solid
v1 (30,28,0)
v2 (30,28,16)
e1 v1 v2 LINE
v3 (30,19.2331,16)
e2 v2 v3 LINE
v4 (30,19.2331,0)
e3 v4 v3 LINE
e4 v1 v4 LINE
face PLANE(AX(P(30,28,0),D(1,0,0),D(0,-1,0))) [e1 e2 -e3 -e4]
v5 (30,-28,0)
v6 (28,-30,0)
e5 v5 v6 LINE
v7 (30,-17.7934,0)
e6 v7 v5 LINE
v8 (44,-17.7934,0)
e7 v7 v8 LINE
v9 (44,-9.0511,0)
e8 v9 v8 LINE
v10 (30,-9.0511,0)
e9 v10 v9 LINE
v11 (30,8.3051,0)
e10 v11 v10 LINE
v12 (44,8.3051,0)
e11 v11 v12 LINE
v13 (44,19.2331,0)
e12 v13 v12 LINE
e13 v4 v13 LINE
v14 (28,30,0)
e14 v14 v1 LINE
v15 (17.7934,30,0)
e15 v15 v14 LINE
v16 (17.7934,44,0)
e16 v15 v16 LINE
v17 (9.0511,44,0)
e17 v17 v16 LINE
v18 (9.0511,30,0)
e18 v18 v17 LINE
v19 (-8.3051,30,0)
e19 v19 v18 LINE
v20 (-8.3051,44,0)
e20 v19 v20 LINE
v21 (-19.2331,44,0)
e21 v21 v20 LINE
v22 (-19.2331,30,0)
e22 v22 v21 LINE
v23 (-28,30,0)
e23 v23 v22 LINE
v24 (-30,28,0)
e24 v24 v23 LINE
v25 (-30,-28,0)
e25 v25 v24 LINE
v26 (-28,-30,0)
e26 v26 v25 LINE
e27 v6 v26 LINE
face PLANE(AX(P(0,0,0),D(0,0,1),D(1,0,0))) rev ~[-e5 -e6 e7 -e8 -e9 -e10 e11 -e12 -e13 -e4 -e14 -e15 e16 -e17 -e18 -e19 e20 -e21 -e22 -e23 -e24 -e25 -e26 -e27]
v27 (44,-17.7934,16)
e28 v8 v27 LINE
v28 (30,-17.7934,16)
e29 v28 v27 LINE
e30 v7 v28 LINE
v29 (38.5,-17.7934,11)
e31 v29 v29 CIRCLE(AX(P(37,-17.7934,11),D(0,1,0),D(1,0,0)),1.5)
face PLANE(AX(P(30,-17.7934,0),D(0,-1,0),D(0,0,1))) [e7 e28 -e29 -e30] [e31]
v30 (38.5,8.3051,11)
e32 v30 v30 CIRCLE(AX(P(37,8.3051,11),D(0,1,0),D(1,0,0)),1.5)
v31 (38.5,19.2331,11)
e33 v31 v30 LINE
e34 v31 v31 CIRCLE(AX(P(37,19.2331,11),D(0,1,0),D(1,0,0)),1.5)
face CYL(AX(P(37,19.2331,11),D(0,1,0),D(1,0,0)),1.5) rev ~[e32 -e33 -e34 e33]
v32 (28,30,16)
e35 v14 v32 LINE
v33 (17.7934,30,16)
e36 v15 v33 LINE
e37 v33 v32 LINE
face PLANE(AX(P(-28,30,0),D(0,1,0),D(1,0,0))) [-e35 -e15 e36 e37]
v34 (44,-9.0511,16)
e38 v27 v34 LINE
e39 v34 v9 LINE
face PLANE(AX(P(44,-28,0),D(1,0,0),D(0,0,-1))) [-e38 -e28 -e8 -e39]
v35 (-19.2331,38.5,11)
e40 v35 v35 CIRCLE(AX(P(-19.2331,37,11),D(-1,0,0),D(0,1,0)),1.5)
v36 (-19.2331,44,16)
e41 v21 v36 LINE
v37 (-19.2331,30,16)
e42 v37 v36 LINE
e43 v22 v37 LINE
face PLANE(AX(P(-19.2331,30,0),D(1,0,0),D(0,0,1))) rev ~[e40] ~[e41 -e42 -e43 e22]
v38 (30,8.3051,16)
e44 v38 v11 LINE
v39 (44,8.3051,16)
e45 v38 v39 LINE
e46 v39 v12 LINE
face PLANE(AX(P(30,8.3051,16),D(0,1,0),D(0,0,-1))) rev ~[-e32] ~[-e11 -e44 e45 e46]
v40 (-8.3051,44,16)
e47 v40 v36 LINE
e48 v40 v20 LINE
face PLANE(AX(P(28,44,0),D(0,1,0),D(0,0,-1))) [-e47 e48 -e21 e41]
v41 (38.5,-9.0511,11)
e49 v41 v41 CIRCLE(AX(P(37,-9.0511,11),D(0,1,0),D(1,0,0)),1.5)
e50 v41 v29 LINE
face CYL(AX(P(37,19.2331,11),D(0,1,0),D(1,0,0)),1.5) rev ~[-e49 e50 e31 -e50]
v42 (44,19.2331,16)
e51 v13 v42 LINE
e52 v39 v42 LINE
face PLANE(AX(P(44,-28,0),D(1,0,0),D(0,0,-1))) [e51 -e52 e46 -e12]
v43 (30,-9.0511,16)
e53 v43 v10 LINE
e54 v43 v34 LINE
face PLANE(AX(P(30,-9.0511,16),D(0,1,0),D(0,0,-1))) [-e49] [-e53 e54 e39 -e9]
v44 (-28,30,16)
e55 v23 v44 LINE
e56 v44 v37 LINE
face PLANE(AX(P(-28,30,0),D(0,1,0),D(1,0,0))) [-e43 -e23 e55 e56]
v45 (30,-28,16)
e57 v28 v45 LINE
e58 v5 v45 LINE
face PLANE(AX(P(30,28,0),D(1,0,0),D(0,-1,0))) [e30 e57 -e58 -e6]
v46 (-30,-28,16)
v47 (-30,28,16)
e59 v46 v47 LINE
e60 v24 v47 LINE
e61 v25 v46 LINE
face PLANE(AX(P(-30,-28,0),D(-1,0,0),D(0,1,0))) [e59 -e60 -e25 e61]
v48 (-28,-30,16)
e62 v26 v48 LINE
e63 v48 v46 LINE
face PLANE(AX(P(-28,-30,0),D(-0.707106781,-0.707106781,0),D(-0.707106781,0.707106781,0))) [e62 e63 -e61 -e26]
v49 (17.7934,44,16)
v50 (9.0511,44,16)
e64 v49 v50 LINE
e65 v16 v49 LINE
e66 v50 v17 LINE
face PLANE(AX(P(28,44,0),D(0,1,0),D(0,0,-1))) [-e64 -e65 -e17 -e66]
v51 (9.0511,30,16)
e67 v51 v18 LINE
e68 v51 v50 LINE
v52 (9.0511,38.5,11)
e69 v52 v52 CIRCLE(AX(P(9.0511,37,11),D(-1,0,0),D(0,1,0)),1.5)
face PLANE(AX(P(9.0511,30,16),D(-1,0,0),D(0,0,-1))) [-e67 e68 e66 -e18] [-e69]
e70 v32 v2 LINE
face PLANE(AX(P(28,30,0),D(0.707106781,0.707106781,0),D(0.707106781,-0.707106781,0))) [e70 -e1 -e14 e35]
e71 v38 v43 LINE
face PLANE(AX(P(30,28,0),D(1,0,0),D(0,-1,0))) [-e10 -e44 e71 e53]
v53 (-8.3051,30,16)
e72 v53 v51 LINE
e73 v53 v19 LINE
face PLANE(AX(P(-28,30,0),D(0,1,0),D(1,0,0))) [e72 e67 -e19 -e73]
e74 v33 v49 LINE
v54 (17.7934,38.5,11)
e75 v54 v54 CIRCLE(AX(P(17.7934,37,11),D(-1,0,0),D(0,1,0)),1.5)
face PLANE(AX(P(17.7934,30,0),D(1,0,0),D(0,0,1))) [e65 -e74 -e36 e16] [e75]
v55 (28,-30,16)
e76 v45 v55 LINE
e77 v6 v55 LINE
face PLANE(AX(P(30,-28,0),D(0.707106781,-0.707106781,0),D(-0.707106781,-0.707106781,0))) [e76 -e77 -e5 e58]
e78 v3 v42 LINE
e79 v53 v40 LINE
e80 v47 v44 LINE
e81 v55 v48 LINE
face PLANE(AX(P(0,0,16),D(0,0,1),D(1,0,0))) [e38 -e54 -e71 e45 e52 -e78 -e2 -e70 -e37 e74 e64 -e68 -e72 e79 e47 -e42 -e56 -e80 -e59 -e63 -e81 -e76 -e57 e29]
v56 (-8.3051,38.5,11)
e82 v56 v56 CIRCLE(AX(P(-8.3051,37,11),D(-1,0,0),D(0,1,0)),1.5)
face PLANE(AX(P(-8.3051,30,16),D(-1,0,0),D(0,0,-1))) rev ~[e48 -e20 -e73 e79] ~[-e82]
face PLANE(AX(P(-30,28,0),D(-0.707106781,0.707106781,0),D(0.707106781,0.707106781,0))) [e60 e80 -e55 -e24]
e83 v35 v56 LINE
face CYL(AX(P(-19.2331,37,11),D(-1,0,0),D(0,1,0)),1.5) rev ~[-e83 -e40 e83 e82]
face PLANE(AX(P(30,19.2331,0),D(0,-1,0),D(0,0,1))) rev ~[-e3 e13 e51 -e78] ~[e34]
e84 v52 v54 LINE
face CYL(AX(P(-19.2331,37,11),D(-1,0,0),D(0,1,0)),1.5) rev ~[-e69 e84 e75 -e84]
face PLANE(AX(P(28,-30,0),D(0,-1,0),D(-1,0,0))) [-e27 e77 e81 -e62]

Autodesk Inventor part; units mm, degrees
ref_plane "YZ Plane" through (0, 0, 0) normal (1, 0, 0) x (0, 1, 0)
ref_plane "XZ Plane" through (0, 0, 0) normal (0, 1, 0) x (-1, 0, 0)
ref_plane "XY Plane" through (0, 0, 0) normal (0, 0, 1) x (1, 0, 0)
ref_plane "Work Plane1" through (0, 0, 0) normal (0, 0, 1) x (1, 0, 0)
sketch "Sketch1" plane through (0, 0, 0) normal (0, 0, 1) x (1, 0, 0)
  circle A0 centre (17.5, 17.5) radius 1.95 projected
  circle A1 centre (17.5, -17.5) radius 1.95 projected
  circle A2 centre (-17.5, -17.5) radius 1.95 projected
  circle A3 centre (-17.5, 17.5) radius 1.95 projected
  circle A4 centre (0, 0) radius 7.5 projected
  line L0 (-30, 28) -> (-28, 30) projected
  line L1 (-30, -28) -> (-30, 28) projected
  line L2 (-28, -30) -> (-30, -28) projected
  line L3 (28, -30) -> (-28, -30) projected
  line L4 (30, -28) -> (28, -30) projected
  line L5 (30, 28) -> (30, -28) projected
  line L6 (28, 30) -> (30, 28) projected
  line L7 (-28, 30) -> (28, 30) projected
  circle A5 centre (25, 25) radius 2.325 projected
  circle A6 centre (-25, -25) radius 2.325 projected
  circle A7 centre (25, -25) radius 2.325 projected
  circle A8 centre (-25, 25) radius 2.325 projected
  circle A9 centre (10, -25) radius 1.45 projected
  circle A10 centre (10, 25) radius 1.45 projected
  circle A11 centre (-10, 25) radius 1.45 projected
  circle A12 centre (-10, -25) radius 1.45 projected
  circle A13 centre (-25, -10) radius 1.45 projected
  circle A14 centre (25, -10) radius 1.45 projected
  circle A15 centre (25, 10) radius 1.45 projected
  circle A16 centre (-25, 10) radius 1.45 projected
  point P0 (0, 0)
extrude "Extrusion1" add sketch "Sketch1" along normal blind 16 contours A0 | A1 | A2 | A3 | A4 | L0 L7 L6 L5 L4 L3 L2 L1 | A5 | A6 | A7 | A8 | A9 | A10 | A11 | A12 | A13 | A14 | A15 | A16
sketch "Sketch2" plane through (0, 0, 16) normal (0, 0, 1) x (1, 0, 0)
  point P0 (0, 0)
sketch "Sketch3" plane through (30, -28, 0) normal (1, 0, 0) x (0, 0, -1)
  line L0 (0, 56) -> (0, 0) projected
  line L1 (0, 56) -> (-16, 56) projected
  line L2 (-16, 0) -> (-16, 56) projected
  line L3 (0, 0) -> (-16, 0) projected
  line L4 (-16, 0) -> (-16, 56) projected
  line L5 (0, 47.2331) -> (-16, 47.2331)
  line L6 (-16, 47.2331) -> (-16, 36.3051)
  line L7 (-16, 36.3051) -> (0, 36.3051)
  line L8 (0, 36.3051) -> (0, 47.2331)
  line L9 (0, 56) -> (0, 0) projected
  line L10 (0, 10.2066) -> (-16, 10.2066)
  line L11 (-16, 10.2066) -> (-16, 18.9489)
  line L12 (-16, 18.9489) -> (0, 18.9489)
  line L13 (0, 18.9489) -> (0, 10.2066)
  point P0 (0, 28)
extrude "Extrusion2" add sketch "Sketch3" along normal blind 14 contours L0 L7 L2 L5 | L0 L10 L2 L12
sketch "Sketch4" plane through (30, 19.2331, 16) normal (0, 1, 0) x (1, 0, 0)
  line L0 (0, 0) -> (0, 16) projected
  line L1 (0, 0) -> (14, 0) projected
  line L2 (14, 16) -> (14, 0) projected
  line L3 (0, 16) -> (14, 16) projected
  circle A0 centre (7, 5) radius 1.5
  point P0 (-30, 16)
  dimension "d4" = 3
extrude "Extrusion3" cut sketch "Sketch4" against normal through all contours A0
pattern_circular "Circular Pattern1" count 2 over 90 about axis through (0, 0, 0) along (0, 0, 1) of "Extrusion2", "Extrusion3"
properties part number "00_XY_stage-CHUO_SEIKI_LD-647-R1-Middle"
